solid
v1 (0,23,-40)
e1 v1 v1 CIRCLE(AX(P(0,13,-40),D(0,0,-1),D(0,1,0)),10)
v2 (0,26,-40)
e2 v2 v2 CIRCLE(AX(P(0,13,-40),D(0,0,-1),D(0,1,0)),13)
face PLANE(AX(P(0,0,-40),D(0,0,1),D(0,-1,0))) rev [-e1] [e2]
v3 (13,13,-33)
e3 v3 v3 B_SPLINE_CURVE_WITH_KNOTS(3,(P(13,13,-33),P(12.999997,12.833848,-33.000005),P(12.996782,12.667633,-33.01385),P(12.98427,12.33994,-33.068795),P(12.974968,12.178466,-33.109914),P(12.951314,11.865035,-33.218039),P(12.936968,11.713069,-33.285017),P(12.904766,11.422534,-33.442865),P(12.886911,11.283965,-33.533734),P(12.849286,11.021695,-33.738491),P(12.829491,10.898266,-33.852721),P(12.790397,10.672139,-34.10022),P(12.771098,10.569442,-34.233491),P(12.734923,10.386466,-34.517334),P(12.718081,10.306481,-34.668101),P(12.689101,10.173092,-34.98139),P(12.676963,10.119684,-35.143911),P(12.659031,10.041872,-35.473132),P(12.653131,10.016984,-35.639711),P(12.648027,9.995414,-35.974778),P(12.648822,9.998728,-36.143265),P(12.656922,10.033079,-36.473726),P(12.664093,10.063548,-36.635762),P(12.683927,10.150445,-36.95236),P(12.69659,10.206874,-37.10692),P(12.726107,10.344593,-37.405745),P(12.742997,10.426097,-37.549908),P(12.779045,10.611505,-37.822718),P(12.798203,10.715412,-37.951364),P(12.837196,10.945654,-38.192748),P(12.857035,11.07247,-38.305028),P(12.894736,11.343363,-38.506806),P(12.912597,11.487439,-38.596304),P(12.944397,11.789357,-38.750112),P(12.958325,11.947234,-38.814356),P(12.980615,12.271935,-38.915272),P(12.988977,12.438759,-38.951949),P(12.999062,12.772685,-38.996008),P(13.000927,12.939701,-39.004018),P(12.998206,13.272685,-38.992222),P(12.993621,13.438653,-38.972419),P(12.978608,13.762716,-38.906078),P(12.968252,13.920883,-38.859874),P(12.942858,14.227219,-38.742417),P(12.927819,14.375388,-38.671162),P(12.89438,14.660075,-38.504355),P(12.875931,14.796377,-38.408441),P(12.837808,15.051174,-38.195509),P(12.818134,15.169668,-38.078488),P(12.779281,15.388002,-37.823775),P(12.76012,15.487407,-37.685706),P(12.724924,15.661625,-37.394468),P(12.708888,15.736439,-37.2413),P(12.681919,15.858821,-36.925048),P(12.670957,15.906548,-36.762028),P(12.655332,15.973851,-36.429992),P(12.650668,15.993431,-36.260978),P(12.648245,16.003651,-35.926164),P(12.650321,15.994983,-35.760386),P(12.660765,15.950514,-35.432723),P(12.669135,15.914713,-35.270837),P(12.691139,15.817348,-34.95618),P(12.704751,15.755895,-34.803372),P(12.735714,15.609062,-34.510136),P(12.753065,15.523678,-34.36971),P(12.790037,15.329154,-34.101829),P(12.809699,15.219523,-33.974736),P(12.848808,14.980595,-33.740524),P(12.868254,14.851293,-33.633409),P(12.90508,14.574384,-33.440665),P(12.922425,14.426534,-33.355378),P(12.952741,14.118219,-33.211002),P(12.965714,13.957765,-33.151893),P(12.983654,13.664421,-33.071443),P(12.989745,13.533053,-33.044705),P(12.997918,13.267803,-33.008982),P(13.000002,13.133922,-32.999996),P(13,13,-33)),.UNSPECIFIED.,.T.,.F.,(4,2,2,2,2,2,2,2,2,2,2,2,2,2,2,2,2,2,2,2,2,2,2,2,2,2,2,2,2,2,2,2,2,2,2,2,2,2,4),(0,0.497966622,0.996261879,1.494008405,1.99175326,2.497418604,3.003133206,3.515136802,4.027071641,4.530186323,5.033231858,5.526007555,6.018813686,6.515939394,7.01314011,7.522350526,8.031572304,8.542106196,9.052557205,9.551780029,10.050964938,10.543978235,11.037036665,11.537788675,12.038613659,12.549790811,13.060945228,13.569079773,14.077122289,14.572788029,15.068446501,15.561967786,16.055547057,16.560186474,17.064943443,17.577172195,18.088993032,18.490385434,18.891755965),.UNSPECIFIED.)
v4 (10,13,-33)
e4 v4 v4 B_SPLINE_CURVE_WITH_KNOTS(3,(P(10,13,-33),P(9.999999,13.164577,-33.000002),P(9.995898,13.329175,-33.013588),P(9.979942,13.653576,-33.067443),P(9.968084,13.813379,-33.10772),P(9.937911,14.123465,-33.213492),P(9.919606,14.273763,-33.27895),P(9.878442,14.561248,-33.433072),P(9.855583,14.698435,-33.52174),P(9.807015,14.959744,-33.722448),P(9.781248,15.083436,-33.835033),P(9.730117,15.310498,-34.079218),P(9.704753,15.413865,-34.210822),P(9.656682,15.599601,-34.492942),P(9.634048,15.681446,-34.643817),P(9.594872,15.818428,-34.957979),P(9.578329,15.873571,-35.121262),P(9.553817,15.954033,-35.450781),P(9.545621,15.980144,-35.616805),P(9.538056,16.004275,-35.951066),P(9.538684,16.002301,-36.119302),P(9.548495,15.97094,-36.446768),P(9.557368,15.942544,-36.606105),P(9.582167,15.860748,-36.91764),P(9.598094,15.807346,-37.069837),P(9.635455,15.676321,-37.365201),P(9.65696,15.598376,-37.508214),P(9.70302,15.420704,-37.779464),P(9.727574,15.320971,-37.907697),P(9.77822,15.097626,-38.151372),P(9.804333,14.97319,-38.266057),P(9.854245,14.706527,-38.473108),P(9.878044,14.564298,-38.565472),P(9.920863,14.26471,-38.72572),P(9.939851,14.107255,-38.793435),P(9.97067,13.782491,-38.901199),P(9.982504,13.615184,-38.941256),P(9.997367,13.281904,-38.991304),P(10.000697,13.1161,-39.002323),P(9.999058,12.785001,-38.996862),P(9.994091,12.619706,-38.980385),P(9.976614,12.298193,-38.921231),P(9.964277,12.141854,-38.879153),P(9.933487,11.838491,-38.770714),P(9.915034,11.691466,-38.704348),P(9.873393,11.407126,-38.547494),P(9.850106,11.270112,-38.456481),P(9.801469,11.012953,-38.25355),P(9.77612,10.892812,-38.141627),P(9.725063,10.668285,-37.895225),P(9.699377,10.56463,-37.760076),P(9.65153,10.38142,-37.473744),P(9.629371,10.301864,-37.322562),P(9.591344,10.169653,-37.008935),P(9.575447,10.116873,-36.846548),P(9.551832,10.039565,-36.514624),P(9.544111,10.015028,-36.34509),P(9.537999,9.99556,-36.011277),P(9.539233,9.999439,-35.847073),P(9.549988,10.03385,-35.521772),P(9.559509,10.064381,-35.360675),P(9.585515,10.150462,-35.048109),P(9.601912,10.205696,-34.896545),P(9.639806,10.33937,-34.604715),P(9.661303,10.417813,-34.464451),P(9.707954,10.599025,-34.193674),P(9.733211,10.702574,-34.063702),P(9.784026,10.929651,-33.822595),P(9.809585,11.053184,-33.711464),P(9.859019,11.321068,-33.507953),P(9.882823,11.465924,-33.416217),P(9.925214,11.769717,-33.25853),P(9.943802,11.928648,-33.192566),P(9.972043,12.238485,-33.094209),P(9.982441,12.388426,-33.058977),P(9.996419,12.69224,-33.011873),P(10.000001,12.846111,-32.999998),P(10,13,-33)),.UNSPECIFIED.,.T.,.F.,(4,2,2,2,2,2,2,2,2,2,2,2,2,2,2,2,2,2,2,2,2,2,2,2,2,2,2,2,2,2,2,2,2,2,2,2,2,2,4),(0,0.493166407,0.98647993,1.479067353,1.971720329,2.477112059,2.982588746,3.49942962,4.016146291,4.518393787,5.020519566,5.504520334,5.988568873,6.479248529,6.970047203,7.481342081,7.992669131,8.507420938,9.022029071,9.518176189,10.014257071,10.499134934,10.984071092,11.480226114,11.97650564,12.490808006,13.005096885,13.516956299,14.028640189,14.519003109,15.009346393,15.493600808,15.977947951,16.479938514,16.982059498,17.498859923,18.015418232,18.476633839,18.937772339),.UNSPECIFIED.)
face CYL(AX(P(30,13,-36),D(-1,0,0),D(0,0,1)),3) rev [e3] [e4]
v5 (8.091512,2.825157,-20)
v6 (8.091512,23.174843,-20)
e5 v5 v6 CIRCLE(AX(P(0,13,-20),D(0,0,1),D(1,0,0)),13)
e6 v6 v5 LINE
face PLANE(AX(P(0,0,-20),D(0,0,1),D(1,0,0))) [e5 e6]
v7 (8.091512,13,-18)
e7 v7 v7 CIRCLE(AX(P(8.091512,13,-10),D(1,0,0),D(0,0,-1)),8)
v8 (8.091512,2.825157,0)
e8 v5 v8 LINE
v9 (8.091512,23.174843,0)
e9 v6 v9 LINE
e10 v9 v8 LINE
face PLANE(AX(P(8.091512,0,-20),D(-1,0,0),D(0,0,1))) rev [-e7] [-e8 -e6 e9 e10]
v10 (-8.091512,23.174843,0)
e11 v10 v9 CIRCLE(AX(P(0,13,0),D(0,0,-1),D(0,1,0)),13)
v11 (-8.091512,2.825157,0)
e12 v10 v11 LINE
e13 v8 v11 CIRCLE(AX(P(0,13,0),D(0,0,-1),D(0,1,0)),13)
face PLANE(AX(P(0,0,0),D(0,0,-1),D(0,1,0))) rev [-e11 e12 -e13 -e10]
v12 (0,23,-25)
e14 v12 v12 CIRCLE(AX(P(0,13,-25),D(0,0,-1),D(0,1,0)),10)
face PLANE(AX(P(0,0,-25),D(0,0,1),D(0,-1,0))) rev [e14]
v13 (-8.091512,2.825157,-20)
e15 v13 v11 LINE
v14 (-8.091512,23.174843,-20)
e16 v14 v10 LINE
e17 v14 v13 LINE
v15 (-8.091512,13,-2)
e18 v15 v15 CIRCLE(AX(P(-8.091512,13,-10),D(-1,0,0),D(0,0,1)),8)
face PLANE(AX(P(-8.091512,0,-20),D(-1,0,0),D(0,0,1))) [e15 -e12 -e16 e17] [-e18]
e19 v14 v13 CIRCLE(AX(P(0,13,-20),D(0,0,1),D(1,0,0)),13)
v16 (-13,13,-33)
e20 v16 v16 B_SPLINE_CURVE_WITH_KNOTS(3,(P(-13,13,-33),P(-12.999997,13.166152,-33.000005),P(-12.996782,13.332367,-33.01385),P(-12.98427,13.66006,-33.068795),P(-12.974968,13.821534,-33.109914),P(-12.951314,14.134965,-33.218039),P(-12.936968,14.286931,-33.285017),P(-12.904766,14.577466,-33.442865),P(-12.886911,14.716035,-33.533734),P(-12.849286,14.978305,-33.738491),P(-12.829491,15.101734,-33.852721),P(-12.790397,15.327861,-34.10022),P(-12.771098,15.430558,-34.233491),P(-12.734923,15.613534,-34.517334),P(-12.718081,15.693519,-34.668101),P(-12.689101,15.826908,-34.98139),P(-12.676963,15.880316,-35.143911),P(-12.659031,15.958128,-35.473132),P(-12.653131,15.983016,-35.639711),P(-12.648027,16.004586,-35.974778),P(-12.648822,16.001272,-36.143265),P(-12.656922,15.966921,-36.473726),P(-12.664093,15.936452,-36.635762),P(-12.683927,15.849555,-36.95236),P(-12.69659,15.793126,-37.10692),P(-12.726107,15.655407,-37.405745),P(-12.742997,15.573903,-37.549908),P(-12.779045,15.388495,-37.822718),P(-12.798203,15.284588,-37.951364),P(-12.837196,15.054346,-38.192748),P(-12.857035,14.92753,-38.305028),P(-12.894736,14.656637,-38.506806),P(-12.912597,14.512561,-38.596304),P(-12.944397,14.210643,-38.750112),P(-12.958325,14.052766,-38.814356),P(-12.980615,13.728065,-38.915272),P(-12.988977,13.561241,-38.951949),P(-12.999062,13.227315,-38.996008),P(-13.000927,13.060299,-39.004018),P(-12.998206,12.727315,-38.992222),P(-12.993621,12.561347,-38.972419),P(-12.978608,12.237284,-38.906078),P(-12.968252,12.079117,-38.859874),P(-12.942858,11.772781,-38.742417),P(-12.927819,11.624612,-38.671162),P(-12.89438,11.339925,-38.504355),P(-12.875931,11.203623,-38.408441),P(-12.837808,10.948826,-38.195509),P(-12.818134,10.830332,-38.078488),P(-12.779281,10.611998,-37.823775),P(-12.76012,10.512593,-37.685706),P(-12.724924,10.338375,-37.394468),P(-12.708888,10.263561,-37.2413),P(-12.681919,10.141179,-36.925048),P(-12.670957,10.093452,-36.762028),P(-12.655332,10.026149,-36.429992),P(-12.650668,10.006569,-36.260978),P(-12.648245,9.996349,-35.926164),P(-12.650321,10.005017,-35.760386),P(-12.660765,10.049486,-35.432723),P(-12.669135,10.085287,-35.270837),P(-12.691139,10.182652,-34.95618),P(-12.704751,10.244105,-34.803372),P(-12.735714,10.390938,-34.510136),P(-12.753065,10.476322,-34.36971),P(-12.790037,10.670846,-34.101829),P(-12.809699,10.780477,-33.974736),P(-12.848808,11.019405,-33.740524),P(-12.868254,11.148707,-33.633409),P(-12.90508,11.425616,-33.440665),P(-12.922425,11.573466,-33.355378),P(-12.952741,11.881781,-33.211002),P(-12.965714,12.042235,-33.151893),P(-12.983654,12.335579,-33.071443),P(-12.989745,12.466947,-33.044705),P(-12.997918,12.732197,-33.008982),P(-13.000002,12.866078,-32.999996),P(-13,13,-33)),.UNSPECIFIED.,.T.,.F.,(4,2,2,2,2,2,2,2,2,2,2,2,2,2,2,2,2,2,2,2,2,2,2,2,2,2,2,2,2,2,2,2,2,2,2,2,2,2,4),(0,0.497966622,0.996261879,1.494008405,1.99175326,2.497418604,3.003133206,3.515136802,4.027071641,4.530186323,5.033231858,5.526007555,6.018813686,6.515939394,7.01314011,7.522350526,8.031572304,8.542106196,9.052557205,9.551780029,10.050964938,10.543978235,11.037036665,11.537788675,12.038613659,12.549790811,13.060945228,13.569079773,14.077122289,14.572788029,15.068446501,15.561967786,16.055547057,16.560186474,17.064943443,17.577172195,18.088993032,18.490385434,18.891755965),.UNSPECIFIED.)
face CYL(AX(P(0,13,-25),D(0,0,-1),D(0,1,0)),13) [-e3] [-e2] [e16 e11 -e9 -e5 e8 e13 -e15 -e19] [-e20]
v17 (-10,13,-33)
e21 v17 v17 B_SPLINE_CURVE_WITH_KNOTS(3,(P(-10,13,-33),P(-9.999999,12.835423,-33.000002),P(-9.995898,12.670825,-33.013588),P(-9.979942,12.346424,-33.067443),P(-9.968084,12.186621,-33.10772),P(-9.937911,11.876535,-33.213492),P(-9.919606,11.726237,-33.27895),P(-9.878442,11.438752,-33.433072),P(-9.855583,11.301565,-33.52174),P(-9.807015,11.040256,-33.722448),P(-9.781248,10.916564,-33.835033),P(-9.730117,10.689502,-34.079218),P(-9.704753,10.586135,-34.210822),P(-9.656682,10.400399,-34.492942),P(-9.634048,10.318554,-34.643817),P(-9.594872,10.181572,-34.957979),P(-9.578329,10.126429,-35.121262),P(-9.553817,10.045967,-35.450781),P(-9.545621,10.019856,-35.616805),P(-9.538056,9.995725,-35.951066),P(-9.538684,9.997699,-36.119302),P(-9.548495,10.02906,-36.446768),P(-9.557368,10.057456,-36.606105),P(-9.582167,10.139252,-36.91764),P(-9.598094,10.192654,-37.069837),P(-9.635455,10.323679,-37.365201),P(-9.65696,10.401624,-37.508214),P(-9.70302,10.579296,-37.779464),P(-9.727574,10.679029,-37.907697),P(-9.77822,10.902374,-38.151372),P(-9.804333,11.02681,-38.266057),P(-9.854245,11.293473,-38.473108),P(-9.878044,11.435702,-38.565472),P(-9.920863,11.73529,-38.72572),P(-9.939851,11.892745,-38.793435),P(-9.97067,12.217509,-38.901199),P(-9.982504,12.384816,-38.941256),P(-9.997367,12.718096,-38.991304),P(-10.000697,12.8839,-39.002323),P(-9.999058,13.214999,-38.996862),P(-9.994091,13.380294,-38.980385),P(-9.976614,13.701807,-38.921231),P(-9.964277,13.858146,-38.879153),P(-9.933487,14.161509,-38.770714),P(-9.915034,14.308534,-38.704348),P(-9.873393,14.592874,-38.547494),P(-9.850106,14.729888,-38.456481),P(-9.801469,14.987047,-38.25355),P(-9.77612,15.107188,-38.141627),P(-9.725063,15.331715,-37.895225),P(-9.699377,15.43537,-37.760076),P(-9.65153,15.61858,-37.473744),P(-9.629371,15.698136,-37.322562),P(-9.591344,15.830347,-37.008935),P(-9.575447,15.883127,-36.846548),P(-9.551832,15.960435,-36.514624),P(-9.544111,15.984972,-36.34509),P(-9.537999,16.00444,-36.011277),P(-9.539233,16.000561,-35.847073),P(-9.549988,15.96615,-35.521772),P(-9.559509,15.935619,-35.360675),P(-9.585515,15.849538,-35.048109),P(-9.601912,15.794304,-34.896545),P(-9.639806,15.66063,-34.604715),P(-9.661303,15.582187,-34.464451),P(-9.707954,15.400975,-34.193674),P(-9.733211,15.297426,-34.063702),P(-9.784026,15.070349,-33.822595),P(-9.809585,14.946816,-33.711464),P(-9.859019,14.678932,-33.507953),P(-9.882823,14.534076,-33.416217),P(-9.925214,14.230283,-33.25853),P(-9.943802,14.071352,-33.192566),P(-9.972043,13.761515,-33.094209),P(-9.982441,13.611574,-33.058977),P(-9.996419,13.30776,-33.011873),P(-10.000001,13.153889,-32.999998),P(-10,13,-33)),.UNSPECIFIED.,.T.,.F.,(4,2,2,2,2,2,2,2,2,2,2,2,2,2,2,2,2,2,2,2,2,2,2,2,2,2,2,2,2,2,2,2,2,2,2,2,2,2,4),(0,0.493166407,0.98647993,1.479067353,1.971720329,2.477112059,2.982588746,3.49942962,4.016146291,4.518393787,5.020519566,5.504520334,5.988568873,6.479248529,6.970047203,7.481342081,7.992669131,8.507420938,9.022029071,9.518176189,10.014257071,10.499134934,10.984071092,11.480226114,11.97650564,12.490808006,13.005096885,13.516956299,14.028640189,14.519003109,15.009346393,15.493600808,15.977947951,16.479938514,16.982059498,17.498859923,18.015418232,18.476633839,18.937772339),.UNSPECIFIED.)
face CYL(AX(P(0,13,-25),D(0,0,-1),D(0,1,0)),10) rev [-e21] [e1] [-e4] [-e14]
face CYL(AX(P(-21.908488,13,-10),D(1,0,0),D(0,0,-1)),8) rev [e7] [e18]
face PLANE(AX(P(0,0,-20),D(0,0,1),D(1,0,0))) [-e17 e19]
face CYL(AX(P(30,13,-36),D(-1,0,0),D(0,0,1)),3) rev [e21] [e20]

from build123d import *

# Parameters (mm, degrees)
CUT_EXTRUDE1_DEPTH      = 20
SKETCH6_R               = 8
CUT_EXTRUDE2_DEPTH      = 30
SKETCH7_R               = 3
CUT_EXTRUDE3_DEPTH      = 30
CUT_EXTRUDE3_DEPTH_BACK = 30


with BuildPart() as part:
    # Sketch2 → Revolve1 (revolve)
    with BuildSketch(Plane(origin=(0, 0, 0), x_dir=(0, 0, -1), z_dir=(1, 0, 0))):
        Polygon((0, 13), (0, 0), (40, 0), (40, 3), (25, 3), (25, 13), align=None)
    revolve(axis=Axis((0, 13, -25), (0, 0, 1)))

    # Sketch5 → Cut-Extrude1 (cut)
    with BuildSketch(Plane.XY):
        with BuildLine():
            ThreePointArc((13, 13), (11.708749973, 18.648466524), (8.091511681, 23.174843424))
            Line((8.091511681, 23.174843424), (8.091511681, 2.825156576))
            ThreePointArc((8.091511681, 2.825156576), (11.708749973, 7.351533476), (13, 13))
        make_face()
        with BuildLine():
            Line((-8.091511681, 2.825156576), (-8.091511681, 23.174843424))
            ThreePointArc((-8.091511681, 23.174843424), (-13, 13), (-8.091511681, 2.825156576))
        make_face()
    extrude(amount=-CUT_EXTRUDE1_DEPTH, mode=Mode.SUBTRACT)

    # Sketch6 → Cut-Extrude2 (cut)
    with BuildSketch(Plane(origin=(8.091511681, 0, 0), x_dir=(0, 0, -1), z_dir=(1, 0, 0))):
        with Locations((10, 13)):
            Circle(SKETCH6_R)
    extrude(amount=-CUT_EXTRUDE2_DEPTH, mode=Mode.SUBTRACT)

    # Sketch7 → Cut-Extrude3 (cut, two sides)
    with BuildSketch(Plane(origin=(0, 0, 0), x_dir=(0, 0, -1), z_dir=(1, 0, 0))) as cut_extrude3_sk:
        with Locations((36, 13)):
            Circle(SKETCH7_R)
    extrude(amount=CUT_EXTRUDE3_DEPTH, mode=Mode.SUBTRACT)
    extrude(cut_extrude3_sk.sketch, amount=-CUT_EXTRUDE3_DEPTH_BACK, mode=Mode.SUBTRACT)


solid = part.part
